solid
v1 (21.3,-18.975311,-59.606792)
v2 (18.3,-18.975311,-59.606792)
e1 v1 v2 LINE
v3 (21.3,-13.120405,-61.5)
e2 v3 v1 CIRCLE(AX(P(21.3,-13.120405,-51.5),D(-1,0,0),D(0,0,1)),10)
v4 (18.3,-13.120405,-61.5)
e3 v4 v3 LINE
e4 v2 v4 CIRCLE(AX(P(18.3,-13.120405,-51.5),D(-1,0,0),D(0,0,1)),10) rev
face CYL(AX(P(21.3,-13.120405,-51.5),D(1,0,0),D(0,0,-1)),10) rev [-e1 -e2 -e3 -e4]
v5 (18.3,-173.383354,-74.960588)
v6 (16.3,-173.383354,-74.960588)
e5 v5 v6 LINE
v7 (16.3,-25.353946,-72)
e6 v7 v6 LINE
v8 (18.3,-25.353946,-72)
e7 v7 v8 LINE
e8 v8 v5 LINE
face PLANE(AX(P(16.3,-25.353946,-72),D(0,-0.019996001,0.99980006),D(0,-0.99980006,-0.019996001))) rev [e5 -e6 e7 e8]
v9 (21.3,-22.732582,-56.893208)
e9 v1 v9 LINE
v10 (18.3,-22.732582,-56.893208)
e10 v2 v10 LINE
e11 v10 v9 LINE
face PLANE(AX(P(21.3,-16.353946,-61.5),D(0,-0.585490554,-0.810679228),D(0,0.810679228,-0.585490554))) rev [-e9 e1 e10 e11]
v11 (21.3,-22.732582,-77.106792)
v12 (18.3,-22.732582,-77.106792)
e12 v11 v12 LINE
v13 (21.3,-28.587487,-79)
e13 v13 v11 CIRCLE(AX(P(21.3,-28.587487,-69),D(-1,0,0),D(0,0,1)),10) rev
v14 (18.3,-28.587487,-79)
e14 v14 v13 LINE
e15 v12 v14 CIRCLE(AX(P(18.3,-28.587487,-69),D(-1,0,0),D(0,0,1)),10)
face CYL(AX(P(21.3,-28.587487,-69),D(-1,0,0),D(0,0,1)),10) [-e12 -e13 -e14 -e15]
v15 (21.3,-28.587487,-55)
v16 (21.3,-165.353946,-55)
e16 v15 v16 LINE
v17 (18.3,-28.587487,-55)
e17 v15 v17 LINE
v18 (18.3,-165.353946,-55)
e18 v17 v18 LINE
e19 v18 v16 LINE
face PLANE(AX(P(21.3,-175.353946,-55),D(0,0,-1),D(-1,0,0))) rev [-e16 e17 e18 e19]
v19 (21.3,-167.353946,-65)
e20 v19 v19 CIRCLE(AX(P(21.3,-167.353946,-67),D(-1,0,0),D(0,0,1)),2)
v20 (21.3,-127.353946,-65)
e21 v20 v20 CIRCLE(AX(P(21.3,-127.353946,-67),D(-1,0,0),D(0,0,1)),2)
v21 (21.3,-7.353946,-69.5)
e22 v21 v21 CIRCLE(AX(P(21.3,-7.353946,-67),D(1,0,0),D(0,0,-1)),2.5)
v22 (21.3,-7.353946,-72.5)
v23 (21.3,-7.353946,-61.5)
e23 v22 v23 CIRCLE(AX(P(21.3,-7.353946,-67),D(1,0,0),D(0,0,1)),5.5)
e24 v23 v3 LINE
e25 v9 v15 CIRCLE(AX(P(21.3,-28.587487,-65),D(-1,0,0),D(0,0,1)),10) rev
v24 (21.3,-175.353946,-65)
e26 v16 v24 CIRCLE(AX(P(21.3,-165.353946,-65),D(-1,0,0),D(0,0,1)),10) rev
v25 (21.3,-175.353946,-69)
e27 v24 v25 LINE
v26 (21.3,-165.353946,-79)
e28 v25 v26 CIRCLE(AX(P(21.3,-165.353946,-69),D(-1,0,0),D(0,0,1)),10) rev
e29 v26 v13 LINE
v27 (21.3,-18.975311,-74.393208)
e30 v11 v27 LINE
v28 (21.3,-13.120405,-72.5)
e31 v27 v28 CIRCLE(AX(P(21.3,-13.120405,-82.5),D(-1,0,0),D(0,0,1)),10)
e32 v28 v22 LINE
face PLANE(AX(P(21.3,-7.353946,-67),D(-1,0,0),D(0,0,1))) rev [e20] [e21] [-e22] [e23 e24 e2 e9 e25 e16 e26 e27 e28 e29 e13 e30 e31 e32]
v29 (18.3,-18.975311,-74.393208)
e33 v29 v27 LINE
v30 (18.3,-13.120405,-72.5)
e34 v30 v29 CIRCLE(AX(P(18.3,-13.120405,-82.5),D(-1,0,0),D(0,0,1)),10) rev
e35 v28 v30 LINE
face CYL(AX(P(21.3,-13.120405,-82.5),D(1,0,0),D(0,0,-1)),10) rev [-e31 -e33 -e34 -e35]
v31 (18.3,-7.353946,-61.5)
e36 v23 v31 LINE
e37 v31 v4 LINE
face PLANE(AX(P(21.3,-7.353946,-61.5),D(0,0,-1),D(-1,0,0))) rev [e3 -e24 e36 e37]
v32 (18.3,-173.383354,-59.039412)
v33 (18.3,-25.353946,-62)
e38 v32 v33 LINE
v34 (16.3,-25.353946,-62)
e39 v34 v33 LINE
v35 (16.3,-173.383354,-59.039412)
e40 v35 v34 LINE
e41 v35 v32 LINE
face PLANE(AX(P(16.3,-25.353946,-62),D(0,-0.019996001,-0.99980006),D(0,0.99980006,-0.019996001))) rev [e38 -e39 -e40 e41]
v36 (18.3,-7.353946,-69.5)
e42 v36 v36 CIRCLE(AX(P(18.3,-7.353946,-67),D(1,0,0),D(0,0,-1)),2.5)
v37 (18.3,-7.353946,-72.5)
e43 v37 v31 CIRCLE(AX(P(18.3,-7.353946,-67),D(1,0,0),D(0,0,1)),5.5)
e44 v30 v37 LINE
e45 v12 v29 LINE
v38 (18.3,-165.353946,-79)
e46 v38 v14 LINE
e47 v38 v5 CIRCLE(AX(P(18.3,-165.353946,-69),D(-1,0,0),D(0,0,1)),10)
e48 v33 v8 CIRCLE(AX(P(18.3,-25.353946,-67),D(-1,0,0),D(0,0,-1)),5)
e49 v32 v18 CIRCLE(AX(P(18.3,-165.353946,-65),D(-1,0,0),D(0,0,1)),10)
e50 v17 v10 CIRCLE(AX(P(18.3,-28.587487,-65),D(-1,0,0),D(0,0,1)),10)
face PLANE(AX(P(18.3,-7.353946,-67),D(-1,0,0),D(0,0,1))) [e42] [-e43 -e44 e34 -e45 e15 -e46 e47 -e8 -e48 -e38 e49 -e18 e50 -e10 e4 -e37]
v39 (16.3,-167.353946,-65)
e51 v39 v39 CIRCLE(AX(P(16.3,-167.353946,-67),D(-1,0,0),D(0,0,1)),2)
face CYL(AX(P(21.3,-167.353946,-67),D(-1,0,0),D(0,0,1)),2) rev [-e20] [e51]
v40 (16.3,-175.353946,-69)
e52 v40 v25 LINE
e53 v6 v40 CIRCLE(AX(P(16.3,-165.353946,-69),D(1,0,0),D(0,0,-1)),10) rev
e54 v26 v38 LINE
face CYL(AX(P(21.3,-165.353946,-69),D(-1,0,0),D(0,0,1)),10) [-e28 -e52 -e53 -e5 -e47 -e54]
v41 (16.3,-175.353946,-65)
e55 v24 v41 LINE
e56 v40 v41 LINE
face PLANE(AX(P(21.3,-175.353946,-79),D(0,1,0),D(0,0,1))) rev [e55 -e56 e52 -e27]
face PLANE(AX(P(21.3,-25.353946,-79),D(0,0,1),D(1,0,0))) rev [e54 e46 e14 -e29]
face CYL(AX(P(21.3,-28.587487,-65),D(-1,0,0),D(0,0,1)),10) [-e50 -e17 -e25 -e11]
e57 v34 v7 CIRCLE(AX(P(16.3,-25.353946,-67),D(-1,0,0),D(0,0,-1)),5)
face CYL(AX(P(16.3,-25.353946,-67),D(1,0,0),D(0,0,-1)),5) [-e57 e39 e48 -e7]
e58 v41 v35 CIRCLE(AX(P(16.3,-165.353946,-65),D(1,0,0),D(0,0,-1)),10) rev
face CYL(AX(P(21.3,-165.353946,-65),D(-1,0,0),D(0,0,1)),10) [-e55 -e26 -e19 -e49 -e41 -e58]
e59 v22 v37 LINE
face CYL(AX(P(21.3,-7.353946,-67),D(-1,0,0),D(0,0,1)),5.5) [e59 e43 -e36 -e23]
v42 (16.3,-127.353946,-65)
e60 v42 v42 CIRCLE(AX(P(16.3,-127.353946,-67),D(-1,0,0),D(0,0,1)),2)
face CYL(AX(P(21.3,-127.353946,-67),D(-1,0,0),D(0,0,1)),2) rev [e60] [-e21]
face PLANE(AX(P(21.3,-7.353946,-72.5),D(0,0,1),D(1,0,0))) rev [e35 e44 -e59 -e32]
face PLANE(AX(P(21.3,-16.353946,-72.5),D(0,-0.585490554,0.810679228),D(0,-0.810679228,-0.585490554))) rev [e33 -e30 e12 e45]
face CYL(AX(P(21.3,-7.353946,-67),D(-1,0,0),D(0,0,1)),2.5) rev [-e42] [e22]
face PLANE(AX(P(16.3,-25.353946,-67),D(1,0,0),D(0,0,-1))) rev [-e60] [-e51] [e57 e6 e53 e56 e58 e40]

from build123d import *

# Parameters (mm, degrees)
SKETCH1_R           = 2.5
BOSS_EXTRUDE1_DEPTH = 3
BOSS_EXTRUDE2_DEPTH = 2
FILLET4_R           = 10
SKETCH5_R           = 2
CUT_EXTRUDE1_DEPTH  = 6


with BuildPart() as part:
    # Sketch1 → Boss-Extrude1 (new body)
    with BuildSketch(Plane(origin=(18.3, 0, 0), x_dir=(0, 0, -1), z_dir=(1, 0, 0))):
        with BuildLine():
            Line((61.5, -7.353946086), (61.5, -16.353946086))
            Line((61.5, -16.353946086), (55, -25.353946086))
            Line((55, -25.353946086), (55, -175.353946086))
            Line((55, -175.353946086), (79, -175.353946086))
            Line((79, -175.353946086), (79, -25.353946086))
            Line((79, -25.353946086), (72.5, -16.353946086))
            Line((72.5, -16.353946086), (72.5, -7.353946086))
            ThreePointArc((72.5, -7.353946086), (67, -1.853946086), (61.5, -7.353946086))
        make_face()
        with Locations((67, -7.353946086)):
            Circle(SKETCH1_R, mode=Mode.SUBTRACT)
    extrude(amount=BOSS_EXTRUDE1_DEPTH)

    # Sketch4 → Boss-Extrude2 (add)
    with BuildSketch(Plane.ZY.offset(-18.3)):
        with BuildLine():
            Line((-72, -25.353946086), (-75, -175.353946086))
            Line((-75, -175.353946086), (-59, -175.353946086))
            Line((-59, -175.353946086), (-62, -25.353946086))
            ThreePointArc((-62, -25.353946086), (-67, -20.353946086), (-72, -25.353946086))
        make_face()
    extrude(amount=BOSS_EXTRUDE2_DEPTH)

    # Fillet4
    fillet4_edges = [part.edges().sort_by_distance(p)[0] for p in [
        (19.8, -175.353946086, -55),
        (19.8, -175.353946086, -79),
        (19.8, -25.353946086, -55),
        (19.8, -16.353946086, -61.5),
        (19.8, -25.353946086, -79),
        (19.8, -16.353946086, -72.5),
    ]]
    fillet(fillet4_edges, radius=FILLET4_R)

    # Sketch5 → Cut-Extrude1 (cut, through all)
    with BuildSketch(Plane.ZY.offset(-16.3)):
        with Locations((-67, -127.353946086)):
            Circle(SKETCH5_R)
        with Locations((-67, -167.353946086)):
            Circle(SKETCH5_R)
    extrude(amount=-CUT_EXTRUDE1_DEPTH, mode=Mode.SUBTRACT)


solid = part.part
